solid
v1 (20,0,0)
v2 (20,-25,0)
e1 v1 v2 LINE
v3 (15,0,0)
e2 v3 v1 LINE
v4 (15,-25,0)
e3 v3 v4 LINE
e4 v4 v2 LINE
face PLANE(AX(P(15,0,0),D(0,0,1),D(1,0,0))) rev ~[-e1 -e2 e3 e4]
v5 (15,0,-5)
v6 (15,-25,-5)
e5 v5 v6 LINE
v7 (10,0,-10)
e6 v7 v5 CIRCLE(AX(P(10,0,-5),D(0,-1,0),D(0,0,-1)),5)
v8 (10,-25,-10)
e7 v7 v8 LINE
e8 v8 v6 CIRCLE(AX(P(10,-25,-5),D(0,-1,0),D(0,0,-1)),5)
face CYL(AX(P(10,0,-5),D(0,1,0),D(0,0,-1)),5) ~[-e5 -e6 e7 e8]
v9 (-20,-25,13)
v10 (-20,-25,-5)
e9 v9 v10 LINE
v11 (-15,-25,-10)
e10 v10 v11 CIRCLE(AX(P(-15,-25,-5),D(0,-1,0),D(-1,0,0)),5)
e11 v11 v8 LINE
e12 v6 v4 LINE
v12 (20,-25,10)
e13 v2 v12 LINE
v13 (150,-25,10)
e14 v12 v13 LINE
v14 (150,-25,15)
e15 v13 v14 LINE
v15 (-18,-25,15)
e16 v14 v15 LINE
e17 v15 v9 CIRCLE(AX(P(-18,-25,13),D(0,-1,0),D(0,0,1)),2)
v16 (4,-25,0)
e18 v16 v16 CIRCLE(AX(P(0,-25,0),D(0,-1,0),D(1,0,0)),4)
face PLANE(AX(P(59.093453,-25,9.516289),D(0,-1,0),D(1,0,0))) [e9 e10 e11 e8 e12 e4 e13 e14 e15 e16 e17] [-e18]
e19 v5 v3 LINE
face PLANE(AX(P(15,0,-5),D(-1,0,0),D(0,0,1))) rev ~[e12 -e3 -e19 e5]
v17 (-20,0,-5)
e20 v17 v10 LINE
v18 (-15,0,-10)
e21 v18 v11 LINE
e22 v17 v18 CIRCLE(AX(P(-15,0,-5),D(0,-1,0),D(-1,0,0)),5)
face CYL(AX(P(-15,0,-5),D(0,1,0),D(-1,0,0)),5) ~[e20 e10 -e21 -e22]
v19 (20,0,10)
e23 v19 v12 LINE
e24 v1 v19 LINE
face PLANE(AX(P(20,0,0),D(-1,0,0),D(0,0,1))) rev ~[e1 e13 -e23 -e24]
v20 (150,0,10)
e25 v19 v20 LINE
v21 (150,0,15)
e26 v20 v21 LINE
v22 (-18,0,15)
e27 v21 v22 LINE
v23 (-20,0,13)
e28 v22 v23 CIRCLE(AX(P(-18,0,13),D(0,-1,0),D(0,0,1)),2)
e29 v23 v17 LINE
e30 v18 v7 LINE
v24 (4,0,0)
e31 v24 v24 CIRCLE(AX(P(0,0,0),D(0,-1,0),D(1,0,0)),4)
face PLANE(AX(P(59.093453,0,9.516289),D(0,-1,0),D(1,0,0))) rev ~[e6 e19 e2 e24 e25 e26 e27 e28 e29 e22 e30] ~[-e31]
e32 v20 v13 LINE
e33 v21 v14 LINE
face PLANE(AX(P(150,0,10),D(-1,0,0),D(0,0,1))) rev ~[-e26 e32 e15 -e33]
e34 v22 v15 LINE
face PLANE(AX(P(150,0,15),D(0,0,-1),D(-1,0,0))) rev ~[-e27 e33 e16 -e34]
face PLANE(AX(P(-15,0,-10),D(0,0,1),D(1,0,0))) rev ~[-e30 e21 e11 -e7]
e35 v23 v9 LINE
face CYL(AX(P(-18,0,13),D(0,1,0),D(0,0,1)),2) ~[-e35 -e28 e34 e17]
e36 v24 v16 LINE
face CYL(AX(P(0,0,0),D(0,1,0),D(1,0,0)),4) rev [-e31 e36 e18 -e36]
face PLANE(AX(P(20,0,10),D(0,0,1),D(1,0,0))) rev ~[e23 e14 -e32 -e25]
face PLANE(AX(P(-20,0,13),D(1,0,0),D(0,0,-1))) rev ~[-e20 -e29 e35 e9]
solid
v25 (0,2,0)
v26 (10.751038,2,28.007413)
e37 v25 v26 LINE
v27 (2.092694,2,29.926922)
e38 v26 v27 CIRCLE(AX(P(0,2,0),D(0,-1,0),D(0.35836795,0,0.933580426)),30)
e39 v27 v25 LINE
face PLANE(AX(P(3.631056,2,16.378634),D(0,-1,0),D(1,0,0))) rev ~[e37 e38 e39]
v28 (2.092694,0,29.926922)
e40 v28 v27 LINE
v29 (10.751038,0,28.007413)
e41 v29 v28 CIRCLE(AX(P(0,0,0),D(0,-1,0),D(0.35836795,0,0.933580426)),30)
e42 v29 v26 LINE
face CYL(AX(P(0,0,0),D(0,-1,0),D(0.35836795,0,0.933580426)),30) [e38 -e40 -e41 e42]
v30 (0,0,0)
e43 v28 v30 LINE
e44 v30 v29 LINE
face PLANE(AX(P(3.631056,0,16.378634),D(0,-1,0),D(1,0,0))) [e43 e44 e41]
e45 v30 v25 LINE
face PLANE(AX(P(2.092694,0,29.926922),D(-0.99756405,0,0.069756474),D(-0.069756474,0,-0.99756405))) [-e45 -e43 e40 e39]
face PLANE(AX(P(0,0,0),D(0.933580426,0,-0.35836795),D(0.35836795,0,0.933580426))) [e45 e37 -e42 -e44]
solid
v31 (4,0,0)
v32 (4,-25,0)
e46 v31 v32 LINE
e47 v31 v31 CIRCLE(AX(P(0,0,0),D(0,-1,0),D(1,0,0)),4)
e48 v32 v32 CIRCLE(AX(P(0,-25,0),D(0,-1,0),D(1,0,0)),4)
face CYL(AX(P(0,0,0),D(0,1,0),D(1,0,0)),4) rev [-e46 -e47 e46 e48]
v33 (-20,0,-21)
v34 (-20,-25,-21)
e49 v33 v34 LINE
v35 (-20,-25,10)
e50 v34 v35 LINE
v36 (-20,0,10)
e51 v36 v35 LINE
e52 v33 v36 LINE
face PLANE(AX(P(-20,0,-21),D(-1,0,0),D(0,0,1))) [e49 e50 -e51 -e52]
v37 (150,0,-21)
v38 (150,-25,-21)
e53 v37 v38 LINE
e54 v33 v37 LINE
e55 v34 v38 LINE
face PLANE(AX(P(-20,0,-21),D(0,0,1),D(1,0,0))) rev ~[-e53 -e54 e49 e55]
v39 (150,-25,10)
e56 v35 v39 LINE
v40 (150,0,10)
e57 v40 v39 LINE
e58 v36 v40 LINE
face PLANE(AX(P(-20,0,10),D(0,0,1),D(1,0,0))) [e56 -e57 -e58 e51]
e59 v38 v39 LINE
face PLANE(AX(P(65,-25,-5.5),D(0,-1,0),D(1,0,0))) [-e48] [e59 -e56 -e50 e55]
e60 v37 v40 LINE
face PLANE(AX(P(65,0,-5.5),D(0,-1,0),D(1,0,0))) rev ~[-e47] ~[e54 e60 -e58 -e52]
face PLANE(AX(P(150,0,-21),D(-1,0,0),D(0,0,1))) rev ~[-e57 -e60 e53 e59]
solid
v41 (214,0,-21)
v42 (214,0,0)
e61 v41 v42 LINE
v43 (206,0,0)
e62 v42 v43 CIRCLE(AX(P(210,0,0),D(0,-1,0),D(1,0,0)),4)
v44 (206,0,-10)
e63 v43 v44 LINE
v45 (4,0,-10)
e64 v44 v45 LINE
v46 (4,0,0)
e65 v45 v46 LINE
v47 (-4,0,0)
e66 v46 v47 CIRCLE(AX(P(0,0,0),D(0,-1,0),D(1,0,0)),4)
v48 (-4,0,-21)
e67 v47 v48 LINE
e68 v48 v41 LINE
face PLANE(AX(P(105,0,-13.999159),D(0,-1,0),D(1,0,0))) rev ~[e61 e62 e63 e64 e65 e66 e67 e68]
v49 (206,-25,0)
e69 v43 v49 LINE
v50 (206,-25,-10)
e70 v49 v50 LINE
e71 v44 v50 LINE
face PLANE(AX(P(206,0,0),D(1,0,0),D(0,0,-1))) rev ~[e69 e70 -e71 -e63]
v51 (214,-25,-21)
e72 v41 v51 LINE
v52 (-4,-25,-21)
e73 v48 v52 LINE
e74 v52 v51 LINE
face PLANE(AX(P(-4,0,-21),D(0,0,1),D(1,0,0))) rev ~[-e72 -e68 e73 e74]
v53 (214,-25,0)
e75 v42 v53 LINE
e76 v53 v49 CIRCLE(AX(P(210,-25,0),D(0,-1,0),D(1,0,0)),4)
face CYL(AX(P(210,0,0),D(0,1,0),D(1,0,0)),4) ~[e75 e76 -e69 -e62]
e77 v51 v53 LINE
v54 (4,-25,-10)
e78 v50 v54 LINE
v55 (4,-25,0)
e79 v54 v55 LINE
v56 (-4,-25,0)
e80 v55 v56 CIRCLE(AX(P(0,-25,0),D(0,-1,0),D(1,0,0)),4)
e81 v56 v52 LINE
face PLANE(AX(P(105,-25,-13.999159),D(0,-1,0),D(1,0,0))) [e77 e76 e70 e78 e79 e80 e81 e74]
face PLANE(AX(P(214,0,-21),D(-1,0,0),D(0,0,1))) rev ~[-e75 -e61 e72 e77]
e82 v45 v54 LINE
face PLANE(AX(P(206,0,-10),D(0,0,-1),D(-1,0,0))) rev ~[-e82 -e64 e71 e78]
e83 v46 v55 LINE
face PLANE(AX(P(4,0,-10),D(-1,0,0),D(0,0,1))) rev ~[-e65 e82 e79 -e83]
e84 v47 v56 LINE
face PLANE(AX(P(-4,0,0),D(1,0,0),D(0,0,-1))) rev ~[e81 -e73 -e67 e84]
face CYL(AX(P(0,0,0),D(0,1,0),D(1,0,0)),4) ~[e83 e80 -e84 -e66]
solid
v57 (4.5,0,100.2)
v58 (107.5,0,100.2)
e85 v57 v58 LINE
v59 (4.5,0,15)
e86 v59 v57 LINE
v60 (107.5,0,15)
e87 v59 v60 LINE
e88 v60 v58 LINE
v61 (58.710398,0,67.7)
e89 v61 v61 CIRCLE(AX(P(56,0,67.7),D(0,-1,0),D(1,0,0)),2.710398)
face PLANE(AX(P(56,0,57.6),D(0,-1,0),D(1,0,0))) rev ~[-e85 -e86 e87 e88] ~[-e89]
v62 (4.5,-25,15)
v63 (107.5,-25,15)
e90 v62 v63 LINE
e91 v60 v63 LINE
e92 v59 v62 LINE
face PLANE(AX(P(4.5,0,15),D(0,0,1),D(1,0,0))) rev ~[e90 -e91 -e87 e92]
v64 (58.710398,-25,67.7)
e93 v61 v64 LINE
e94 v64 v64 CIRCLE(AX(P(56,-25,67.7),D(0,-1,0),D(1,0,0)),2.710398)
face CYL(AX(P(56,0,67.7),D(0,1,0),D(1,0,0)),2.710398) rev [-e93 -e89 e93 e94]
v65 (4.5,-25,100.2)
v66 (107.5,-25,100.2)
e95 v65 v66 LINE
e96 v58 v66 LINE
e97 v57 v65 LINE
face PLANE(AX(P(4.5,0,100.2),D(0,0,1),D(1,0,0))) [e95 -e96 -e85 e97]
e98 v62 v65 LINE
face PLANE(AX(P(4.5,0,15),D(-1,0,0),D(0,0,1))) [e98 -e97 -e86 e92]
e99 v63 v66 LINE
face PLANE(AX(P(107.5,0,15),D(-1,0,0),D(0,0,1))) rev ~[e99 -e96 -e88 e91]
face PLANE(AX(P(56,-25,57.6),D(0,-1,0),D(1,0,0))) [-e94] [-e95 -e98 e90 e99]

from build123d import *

# Parameters (mm, degrees)
F0_W     = 170
F0_H     = 31
F0_R     = 4
F1_DEPTH = 25
F2_R     = 4
F3_DEPTH = 25
F4_W     = 103
F4_H     = 85.2
F4_R     = 2.7103978623
F5_DEPTH = 25
F6_R     = 2.7103978623
F7_DEPTH = 2
F9_DEPTH = 25


with BuildPart() as f1:
    # F0 (on Front) → F1 (new body)
    with BuildSketch(Plane.XZ):
        with Locations((65, -5.5)):
            Rectangle(F0_W, F0_H)
        Circle(F0_R, mode=Mode.SUBTRACT)
    extrude(amount=F1_DEPTH)


with BuildPart() as f3:
    # F2 (on Front) → F3 (new body)
    with BuildSketch(Plane.XZ):
        with BuildLine():
            Line((20, 0), (20, 10))
            Line((20, 10), (150, 10))
            Line((150, 10), (150, 15))
            Line((150, 15), (-18, 15))
            ThreePointArc((-18, 15), (-19.4142135624, 14.4142135624), (-20, 13))
            Line((-20, 13), (-20, -5))
            ThreePointArc((-20, -5), (-18.5355339059, -8.5355339059), (-15, -10))
            Line((-15, -10), (10, -10))
            ThreePointArc((10, -10), (13.5355339059, -8.5355339059), (15, -5))
            Line((15, -5), (15, 0))
            Line((15, 0), (20, 0))
        make_face()
        Circle(F2_R, mode=Mode.SUBTRACT)
    extrude(amount=F3_DEPTH)


with BuildPart() as f5:
    # F4 (on Front) → F5 (new body)
    with BuildSketch(Plane.XZ):
        with Locations((56, 57.6)):
            Rectangle(F4_W, F4_H)
        with Locations((56, 67.7)):
            Circle(F4_R, mode=Mode.SUBTRACT)
    extrude(amount=F5_DEPTH)


with BuildPart() as f7:
    # F6 (on Front) → F7 (new body)
    with BuildSketch(Plane.XZ):
        with Locations((56, 67.7)):
            Circle(F6_R)
    extrude(amount=-F7_DEPTH)


with BuildPart() as f7b:
    # F6 (on Front) → F7, piece 2 (new body)
    with BuildSketch(Plane.XZ):
        with BuildLine():
            Line((0, 0), (10.7510384864, 28.0074127949))
            ThreePointArc((10.7510384864, 28.0074127949), (6.4931884181, 29.2888802136), (2.0926942123, 29.9269215078))
            Line((2.0926942123, 29.9269215078), (0, 0))
        make_face()
    extrude(amount=-F7_DEPTH)


with BuildPart() as f9:
    # F8 (on Front) → F9 (new body)
    with BuildSketch(Plane.XZ):
        with BuildLine():
            Line((4, -10), (4, 0))
            ThreePointArc((4, 0), (0, 4), (-4, 0))
            Line((-4, 0), (-4, -21))
            Line((-4, -21), (214, -21))
            Line((214, -21), (214, 0))
            ThreePointArc((214, 0), (210, 4), (206, 0))
            Line((206, 0), (206, -10))
            Line((206, -10), (4, -10))
        make_face()
    extrude(amount=F9_DEPTH)


solid = Compound([f1.part, f3.part, f5.part, f7b.part, f9.part])
